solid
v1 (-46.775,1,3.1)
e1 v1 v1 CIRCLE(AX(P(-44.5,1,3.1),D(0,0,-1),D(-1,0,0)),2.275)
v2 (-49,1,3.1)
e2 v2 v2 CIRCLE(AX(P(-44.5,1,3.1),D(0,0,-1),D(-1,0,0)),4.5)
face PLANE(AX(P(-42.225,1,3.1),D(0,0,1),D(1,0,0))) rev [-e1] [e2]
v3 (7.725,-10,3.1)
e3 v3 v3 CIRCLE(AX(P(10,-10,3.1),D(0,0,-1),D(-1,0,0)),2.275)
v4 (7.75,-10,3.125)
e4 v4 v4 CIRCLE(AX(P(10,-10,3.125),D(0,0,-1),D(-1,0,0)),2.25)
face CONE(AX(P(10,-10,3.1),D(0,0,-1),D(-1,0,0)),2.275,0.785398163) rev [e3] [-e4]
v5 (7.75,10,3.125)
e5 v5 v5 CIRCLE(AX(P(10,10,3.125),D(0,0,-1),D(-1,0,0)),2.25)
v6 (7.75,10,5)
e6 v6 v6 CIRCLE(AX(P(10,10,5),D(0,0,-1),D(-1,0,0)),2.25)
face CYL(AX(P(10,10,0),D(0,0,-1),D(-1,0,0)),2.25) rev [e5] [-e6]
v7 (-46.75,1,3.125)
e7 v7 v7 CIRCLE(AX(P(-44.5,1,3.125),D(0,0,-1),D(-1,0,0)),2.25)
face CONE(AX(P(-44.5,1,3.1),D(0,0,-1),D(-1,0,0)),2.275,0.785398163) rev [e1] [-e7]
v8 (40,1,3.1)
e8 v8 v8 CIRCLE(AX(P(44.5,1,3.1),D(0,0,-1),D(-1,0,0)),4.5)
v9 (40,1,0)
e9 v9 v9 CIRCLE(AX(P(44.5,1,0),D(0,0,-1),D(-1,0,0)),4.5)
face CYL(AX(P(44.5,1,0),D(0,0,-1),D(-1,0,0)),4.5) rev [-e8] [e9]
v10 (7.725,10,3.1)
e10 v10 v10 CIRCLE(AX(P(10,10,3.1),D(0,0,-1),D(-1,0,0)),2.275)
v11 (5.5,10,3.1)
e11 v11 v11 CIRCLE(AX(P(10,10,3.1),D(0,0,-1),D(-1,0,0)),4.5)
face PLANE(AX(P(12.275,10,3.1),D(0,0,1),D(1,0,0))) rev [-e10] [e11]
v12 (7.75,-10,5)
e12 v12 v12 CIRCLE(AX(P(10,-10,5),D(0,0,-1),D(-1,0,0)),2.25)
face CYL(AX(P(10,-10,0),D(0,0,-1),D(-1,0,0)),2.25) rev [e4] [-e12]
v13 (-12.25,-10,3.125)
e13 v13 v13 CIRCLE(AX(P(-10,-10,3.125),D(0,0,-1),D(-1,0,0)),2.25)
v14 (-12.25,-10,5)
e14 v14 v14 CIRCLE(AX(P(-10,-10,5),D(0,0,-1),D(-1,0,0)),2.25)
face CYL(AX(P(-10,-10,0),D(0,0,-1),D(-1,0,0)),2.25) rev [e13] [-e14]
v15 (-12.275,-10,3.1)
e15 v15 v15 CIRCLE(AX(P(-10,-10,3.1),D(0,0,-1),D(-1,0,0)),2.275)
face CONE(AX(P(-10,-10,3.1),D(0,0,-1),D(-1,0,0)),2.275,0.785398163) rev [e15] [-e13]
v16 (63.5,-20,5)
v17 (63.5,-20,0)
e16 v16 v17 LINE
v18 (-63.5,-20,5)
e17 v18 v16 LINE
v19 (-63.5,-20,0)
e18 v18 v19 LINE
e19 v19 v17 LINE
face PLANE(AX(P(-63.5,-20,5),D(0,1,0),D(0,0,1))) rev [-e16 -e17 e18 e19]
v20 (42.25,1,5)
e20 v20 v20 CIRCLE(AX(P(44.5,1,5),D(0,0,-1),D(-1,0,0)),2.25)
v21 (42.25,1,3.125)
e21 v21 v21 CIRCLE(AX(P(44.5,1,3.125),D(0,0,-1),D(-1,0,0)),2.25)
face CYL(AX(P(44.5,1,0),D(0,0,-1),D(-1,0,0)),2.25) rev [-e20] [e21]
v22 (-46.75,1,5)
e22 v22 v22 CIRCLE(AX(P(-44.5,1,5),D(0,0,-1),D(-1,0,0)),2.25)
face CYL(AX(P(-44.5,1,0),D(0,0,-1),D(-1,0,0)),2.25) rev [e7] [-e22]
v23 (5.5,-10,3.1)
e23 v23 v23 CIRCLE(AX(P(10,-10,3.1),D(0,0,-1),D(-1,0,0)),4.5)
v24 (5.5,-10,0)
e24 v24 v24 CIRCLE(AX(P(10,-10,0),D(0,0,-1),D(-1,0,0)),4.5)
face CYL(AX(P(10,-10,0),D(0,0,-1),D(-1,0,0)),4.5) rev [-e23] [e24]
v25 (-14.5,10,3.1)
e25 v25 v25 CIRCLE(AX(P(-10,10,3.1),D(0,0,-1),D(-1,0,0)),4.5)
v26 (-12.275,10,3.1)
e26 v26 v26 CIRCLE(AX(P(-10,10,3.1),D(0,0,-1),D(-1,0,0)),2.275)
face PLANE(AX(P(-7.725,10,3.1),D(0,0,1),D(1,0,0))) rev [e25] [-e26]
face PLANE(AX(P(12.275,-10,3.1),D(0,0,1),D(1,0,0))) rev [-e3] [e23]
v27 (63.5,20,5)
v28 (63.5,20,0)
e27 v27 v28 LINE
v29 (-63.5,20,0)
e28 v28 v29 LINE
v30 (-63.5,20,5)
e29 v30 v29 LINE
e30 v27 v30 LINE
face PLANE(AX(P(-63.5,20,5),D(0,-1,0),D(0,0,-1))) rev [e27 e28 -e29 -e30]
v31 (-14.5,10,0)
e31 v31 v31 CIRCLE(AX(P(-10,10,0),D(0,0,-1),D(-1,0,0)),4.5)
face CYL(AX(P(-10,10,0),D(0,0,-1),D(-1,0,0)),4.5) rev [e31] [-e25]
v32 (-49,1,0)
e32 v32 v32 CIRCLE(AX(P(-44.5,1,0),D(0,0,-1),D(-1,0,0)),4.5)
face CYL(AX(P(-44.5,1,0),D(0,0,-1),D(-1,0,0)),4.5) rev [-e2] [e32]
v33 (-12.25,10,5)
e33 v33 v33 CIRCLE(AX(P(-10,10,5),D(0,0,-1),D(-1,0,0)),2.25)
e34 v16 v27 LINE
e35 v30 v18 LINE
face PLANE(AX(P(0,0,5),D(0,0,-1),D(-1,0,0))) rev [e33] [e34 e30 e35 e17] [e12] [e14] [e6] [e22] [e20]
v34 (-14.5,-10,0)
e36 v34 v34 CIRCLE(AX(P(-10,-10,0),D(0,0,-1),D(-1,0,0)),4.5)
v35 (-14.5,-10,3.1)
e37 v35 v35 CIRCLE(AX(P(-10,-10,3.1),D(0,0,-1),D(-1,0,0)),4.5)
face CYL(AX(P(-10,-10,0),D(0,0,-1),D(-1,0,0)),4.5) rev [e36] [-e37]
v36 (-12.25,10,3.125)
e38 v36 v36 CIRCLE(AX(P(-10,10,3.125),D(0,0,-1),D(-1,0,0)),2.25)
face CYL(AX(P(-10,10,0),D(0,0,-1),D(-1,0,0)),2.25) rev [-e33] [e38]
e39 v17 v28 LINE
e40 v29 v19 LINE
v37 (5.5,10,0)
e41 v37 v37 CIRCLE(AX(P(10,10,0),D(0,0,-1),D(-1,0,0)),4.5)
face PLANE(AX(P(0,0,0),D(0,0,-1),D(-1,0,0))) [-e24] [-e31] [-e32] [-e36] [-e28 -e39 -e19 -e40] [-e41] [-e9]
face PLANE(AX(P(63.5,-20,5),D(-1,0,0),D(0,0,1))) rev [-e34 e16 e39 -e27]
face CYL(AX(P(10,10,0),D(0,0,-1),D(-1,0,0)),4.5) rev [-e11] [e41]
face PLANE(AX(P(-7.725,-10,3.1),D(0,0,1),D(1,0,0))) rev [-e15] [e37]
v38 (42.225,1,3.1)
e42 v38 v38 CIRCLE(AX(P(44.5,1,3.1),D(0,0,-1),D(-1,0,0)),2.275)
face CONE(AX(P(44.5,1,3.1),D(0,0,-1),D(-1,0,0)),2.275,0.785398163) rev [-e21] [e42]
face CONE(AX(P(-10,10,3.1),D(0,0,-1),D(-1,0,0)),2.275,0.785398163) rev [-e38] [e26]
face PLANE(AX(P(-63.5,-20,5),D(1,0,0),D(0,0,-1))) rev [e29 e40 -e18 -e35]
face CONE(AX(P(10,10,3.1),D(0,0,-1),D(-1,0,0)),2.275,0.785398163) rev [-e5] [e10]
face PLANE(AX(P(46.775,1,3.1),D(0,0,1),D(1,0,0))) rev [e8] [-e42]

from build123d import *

# Parameters (mm, degrees)
ESQUISSE1_W                                  = 127
ESQUISSE1_H                                  = 40
BOSS_EXTRU_1_DEPTH                           = 5
CHAMBRAGE_POUR_VIS_T_TE_RONDE_BOMB_2_COUNT   = 2
CHAMBRAGE_POUR_VIS_T_TE_RONDE_BOMB_2_PITCH   = 89
D_GAGEMENT_M21_D                             = 2.4
CHAMBRAGE_POUR_VIS_T_TE_RONDE_BOMB_3_A_COUNT = 2
CHAMBRAGE_POUR_VIS_T_TE_RONDE_BOMB_3_A_PITCH = 20
CHAMBRAGE_POUR_VIS_T_TE_RONDE_BOMB_4_COUNT   = 2
CHAMBRAGE_POUR_VIS_T_TE_RONDE_BOMB_4_PITCH   = 20
CHAMBRAGE_POUR_VIS_T_TE_RONDE_BOMB_5_COUNT   = 2
CHAMBRAGE_POUR_VIS_T_TE_RONDE_BOMB_5_PITCH   = 28.284271247


with BuildPart() as part:
    # Esquisse1 → Boss.-Extru.1 (new body)
    with BuildSketch(Plane.XY):
        Rectangle(ESQUISSE1_W, ESQUISSE1_H)
    extrude(amount=BOSS_EXTRU_1_DEPTH)

    # Esquisse2 → Chambrage pour vis _ t_te ronde bomb_e M (revolve, cut)
    with BuildSketch(Plane(origin=(44.5, 1, 0), x_dir=(0, 1, 0), z_dir=(1, 0, 0))):
        Polygon((0, 0), (0, 5), (2.25, 5), (2.25, 3.125), (2.275, 3.1), (4.5, 3.1), (4.5, 0), align=None)
    chambrage_pour_vis_t_te_ronde_bomb_e_m = revolve(axis=Axis((44.5, 1, -6.35), (0, 0, 1)), mode=Mode.SUBTRACT)

    # Chambrage pour vis _ t_te ronde bomb 2: Chambrage pour vis _ t_te ronde bomb_e M ×2
    with Locations(*[(-i * CHAMBRAGE_POUR_VIS_T_TE_RONDE_BOMB_2_PITCH, 0, 0) for i in range(1, CHAMBRAGE_POUR_VIS_T_TE_RONDE_BOMB_2_COUNT)]):
        add(chambrage_pour_vis_t_te_ronde_bomb_e_m, mode=Mode.SUBTRACT)

    # Dégagement M21 (through all)
    with Locations(Plane.XY.offset(5)):
        with Locations((10, -10), (10, 10), (-10, -10), (-10, 10)):
            Hole(D_GAGEMENT_M21_D / 2)

    # Esquisse6 → Chambrage pour vis _ t_te ronde bomb 3 (revolve, cut)
    with BuildSketch(Plane(origin=(10, -10, 0), x_dir=(0, 1, 0), z_dir=(1, 0, 0))):
        Polygon((0, 0), (0, 5), (2.25, 5), (2.25, 3.125), (2.275, 3.1), (4.5, 3.1), (4.5, 0), align=None)
    chambrage_pour_vis_t_te_ronde_bomb_3 = revolve(axis=Axis((10, -10, -6.35), (0, 0, 1)), mode=Mode.SUBTRACT)

    # Chambrage pour vis _ t_te ronde bomb 3 a: Chambrage pour vis _ t_te ronde bomb 3 ×2
    with Locations(*[(0, i * CHAMBRAGE_POUR_VIS_T_TE_RONDE_BOMB_3_A_PITCH, 0) for i in range(1, CHAMBRAGE_POUR_VIS_T_TE_RONDE_BOMB_3_A_COUNT)]):
        add(chambrage_pour_vis_t_te_ronde_bomb_3, mode=Mode.SUBTRACT)

    # Chambrage pour vis _ t_te ronde bomb 4: Chambrage pour vis _ t_te ronde bomb 3 ×2
    with Locations(*[(-i * CHAMBRAGE_POUR_VIS_T_TE_RONDE_BOMB_4_PITCH, 0, 0) for i in range(1, CHAMBRAGE_POUR_VIS_T_TE_RONDE_BOMB_4_COUNT)]):
        add(chambrage_pour_vis_t_te_ronde_bomb_3, mode=Mode.SUBTRACT)

    # Chambrage pour vis _ t_te ronde bomb 5: Chambrage pour vis _ t_te ronde bomb 3 ×2
    with Locations(*[Vector(-0.7071067811865411, 0.707106781186554, 0) * (i * CHAMBRAGE_POUR_VIS_T_TE_RONDE_BOMB_5_PITCH) for i in range(1, CHAMBRAGE_POUR_VIS_T_TE_RONDE_BOMB_5_COUNT)]):
        add(chambrage_pour_vis_t_te_ronde_bomb_3, mode=Mode.SUBTRACT)


solid = part.part
